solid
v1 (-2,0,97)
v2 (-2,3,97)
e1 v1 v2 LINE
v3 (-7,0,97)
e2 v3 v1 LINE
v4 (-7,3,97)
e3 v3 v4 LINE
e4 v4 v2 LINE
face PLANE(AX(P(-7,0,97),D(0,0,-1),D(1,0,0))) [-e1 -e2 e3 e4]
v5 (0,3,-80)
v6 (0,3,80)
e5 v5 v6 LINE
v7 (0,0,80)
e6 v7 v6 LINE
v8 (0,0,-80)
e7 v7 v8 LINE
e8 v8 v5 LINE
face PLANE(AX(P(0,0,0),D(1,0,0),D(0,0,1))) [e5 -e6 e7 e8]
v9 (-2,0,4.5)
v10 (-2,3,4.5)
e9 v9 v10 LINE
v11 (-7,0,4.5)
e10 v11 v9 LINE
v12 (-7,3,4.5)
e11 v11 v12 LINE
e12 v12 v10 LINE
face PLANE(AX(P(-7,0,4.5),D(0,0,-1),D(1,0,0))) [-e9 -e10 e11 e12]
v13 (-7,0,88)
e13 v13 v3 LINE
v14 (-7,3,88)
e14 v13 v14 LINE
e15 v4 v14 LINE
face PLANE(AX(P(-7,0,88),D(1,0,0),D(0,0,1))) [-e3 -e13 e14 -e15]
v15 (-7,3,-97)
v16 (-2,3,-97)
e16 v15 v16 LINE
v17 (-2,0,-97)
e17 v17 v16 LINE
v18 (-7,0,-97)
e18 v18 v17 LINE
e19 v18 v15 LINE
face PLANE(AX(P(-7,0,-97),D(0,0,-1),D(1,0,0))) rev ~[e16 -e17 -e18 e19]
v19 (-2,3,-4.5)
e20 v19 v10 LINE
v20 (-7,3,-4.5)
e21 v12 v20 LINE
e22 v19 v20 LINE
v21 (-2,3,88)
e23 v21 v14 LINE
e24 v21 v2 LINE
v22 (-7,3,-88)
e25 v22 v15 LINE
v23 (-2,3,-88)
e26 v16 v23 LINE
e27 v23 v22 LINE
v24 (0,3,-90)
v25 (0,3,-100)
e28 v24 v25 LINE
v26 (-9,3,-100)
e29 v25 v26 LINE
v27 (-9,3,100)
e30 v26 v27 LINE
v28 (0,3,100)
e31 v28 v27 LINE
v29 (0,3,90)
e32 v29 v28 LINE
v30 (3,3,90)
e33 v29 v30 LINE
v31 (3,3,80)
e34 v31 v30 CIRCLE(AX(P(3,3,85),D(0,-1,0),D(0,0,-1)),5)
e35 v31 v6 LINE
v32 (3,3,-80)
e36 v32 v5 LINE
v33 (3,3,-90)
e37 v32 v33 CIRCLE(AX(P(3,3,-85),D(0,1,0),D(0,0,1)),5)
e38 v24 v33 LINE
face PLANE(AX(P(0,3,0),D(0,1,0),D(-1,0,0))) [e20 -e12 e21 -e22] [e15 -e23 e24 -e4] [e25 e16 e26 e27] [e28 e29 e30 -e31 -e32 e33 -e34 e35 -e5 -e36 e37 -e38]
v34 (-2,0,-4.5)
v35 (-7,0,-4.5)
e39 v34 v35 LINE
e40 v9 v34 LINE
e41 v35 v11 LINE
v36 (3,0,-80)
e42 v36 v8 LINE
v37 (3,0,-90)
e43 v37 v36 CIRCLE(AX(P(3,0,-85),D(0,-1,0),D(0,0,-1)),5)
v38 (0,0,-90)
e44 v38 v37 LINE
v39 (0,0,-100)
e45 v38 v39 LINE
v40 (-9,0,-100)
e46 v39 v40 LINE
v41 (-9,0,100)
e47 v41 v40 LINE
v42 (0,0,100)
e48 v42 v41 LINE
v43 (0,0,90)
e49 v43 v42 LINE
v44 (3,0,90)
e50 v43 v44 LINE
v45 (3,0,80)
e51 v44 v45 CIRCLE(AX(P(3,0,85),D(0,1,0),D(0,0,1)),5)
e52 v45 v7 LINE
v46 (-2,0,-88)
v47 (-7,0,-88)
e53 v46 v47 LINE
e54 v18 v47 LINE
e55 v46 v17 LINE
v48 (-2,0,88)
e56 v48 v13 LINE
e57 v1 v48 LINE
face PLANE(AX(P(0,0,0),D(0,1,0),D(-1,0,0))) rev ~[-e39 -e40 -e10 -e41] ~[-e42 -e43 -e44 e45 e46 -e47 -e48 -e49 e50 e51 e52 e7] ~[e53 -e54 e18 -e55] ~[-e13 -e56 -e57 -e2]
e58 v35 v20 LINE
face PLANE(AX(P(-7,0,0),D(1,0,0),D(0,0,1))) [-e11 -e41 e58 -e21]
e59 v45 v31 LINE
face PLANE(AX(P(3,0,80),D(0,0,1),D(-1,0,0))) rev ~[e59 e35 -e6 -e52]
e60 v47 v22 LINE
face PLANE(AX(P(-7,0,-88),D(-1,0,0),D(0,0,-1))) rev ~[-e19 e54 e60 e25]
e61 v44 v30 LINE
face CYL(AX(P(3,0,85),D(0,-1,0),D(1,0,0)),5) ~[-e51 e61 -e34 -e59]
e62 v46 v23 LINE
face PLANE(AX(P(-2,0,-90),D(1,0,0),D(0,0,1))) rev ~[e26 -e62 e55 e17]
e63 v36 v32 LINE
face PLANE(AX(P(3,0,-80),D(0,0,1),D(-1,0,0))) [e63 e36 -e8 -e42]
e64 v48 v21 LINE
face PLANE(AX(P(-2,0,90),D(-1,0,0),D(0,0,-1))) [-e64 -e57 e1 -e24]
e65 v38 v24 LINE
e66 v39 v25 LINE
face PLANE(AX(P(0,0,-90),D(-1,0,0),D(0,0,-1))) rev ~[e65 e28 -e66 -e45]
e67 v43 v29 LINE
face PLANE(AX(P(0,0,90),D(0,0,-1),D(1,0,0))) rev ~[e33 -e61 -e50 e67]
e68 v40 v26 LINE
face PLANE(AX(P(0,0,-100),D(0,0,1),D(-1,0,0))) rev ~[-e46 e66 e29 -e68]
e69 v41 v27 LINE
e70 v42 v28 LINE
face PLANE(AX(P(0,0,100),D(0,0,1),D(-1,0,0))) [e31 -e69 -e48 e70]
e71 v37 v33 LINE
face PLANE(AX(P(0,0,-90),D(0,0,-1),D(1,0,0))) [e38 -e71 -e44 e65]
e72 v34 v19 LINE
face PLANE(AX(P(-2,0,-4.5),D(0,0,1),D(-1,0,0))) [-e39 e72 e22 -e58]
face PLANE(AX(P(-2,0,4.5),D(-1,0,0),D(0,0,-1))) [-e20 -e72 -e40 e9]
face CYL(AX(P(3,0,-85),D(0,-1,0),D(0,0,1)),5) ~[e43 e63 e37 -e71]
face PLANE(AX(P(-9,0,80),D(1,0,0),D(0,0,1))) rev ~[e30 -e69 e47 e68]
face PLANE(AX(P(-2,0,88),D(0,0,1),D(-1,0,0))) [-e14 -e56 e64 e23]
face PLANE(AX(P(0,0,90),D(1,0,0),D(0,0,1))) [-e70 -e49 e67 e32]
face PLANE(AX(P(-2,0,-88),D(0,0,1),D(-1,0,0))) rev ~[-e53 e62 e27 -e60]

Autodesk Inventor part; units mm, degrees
ref_plane "YZ Plane" through (0, 0, 0) normal (1, 0, 0) x (0, 1, 0)
ref_plane "XZ Plane" through (0, 0, 0) normal (0, 1, 0) x (-1, 0, 0)
ref_plane "XY Plane" through (0, 0, 0) normal (0, 0, 1) x (1, 0, 0)
sketch "草圖1" plane through (0, 0, 0) normal (0, 1, 0) x (-1, 0, 0)
  line L0 (0, 80) -> (9, 80)
  line L1 (9, 80) -> (9, -80)
  line L2 (9, -80) -> (0, -80)
  line L3 (0, -80) -> (0, 80)
  line L4 (7, 4.5) -> (2, 4.5)
  line L5 (2, 4.5) -> (2, -4.5)
  line L6 (2, -4.5) -> (7, -4.5)
  line L7 (7, -4.5) -> (7, 4.5)
  line L8 (9, 80) -> (9, 90)
  line L9 (9, 90) -> (-3, 90)
  line L10 (-8, 85) -> (-8, 85)
  line L11 (-3, 80) -> (0, 80)
  arc A0 (-8, 85) -> (-3, 80) centre (-3, 85) ccw
  arc A1 (-3, 90) -> (-8, 85) centre (-3, 85) ccw
  circle A2 centre (-3, 85) radius 2.5
  line L12 (9, 0) -> (0, 0)
  line L13 (9, -80) -> (9, -90)
  line L14 (9, -90) -> (-3, -90)
  line L15 (-3, -80) -> (0, -80)
  arc A3 (-3, -80) -> (-8, -85) centre (-3, -85) ccw
  arc A4 (-8, -85) -> (-3, -90) centre (-3, -85) ccw
  circle A5 centre (-3, -85) radius 2.5
  line L16 (9, 90) -> (0, 90)
  line L17 (0, 90) -> (0, 100)
  line L18 (0, 100) -> (9, 100)
  line L19 (9, 100) -> (9, 90)
  line L20 (9, -90) -> (0, -90)
  line L21 (0, -90) -> (0, -100)
  line L22 (0, -100) -> (9, -100)
  line L23 (9, -100) -> (9, -90)
  line L24 (7, 97) -> (2, 97)
  line L25 (2, 97) -> (2, 88)
  line L26 (2, 88) -> (7, 88)
  line L27 (7, 88) -> (7, 97)
  line L28 (7, -97) -> (2, -97)
  line L29 (2, -97) -> (2, -88)
  line L30 (2, -88) -> (7, -88)
  line L31 (7, -88) -> (7, -97)
  point P0 (7, 0)
  point P1 (4.5, 4.5)
  point P2 (4.5, 80)
  point P3 (-8, 90)
  point P4 (-8, -90)
  point P5 (-8, -85)
  point P6 (4.5, 97)
  point P7 (4.5, 100)
  point P8 (4.5, -97)
  dimension "d0" = 160
  dimension "d1" = 9
  dimension "d2" = 9
  dimension "d3" = 5
  dimension "d4" = 10
  dimension "d5" = 17
  dimension "d6" = 5
  dimension "d7" = 5
  dimension "d8" = 5
  dimension "d11" = 9
  dimension "d12" = 10
  dimension "d13" = 10
  dimension "d14" = 9
  dimension "d15" = 5
  dimension "d16" = 9
  dimension "d17" = 3
extrude "擠出1" add sketch "草圖1" along normal blind 3 contours L11 A0 A1 L9 L25 L26 L27 L8 L0 | L0 L1 L12 L7 L4 L5 L3 | L12 L5 L6 L7 L1 L2 L3 | L9 L27 L24 L25 L17 L18 L19 | L2 L13 L14 L31 L30 L29 A4 A3 L15 | L23 L22 L21 L14 L29 L28 L31 | A2 | A5
properties part number "upper_Bar_3" material "木材 (樺木)"
